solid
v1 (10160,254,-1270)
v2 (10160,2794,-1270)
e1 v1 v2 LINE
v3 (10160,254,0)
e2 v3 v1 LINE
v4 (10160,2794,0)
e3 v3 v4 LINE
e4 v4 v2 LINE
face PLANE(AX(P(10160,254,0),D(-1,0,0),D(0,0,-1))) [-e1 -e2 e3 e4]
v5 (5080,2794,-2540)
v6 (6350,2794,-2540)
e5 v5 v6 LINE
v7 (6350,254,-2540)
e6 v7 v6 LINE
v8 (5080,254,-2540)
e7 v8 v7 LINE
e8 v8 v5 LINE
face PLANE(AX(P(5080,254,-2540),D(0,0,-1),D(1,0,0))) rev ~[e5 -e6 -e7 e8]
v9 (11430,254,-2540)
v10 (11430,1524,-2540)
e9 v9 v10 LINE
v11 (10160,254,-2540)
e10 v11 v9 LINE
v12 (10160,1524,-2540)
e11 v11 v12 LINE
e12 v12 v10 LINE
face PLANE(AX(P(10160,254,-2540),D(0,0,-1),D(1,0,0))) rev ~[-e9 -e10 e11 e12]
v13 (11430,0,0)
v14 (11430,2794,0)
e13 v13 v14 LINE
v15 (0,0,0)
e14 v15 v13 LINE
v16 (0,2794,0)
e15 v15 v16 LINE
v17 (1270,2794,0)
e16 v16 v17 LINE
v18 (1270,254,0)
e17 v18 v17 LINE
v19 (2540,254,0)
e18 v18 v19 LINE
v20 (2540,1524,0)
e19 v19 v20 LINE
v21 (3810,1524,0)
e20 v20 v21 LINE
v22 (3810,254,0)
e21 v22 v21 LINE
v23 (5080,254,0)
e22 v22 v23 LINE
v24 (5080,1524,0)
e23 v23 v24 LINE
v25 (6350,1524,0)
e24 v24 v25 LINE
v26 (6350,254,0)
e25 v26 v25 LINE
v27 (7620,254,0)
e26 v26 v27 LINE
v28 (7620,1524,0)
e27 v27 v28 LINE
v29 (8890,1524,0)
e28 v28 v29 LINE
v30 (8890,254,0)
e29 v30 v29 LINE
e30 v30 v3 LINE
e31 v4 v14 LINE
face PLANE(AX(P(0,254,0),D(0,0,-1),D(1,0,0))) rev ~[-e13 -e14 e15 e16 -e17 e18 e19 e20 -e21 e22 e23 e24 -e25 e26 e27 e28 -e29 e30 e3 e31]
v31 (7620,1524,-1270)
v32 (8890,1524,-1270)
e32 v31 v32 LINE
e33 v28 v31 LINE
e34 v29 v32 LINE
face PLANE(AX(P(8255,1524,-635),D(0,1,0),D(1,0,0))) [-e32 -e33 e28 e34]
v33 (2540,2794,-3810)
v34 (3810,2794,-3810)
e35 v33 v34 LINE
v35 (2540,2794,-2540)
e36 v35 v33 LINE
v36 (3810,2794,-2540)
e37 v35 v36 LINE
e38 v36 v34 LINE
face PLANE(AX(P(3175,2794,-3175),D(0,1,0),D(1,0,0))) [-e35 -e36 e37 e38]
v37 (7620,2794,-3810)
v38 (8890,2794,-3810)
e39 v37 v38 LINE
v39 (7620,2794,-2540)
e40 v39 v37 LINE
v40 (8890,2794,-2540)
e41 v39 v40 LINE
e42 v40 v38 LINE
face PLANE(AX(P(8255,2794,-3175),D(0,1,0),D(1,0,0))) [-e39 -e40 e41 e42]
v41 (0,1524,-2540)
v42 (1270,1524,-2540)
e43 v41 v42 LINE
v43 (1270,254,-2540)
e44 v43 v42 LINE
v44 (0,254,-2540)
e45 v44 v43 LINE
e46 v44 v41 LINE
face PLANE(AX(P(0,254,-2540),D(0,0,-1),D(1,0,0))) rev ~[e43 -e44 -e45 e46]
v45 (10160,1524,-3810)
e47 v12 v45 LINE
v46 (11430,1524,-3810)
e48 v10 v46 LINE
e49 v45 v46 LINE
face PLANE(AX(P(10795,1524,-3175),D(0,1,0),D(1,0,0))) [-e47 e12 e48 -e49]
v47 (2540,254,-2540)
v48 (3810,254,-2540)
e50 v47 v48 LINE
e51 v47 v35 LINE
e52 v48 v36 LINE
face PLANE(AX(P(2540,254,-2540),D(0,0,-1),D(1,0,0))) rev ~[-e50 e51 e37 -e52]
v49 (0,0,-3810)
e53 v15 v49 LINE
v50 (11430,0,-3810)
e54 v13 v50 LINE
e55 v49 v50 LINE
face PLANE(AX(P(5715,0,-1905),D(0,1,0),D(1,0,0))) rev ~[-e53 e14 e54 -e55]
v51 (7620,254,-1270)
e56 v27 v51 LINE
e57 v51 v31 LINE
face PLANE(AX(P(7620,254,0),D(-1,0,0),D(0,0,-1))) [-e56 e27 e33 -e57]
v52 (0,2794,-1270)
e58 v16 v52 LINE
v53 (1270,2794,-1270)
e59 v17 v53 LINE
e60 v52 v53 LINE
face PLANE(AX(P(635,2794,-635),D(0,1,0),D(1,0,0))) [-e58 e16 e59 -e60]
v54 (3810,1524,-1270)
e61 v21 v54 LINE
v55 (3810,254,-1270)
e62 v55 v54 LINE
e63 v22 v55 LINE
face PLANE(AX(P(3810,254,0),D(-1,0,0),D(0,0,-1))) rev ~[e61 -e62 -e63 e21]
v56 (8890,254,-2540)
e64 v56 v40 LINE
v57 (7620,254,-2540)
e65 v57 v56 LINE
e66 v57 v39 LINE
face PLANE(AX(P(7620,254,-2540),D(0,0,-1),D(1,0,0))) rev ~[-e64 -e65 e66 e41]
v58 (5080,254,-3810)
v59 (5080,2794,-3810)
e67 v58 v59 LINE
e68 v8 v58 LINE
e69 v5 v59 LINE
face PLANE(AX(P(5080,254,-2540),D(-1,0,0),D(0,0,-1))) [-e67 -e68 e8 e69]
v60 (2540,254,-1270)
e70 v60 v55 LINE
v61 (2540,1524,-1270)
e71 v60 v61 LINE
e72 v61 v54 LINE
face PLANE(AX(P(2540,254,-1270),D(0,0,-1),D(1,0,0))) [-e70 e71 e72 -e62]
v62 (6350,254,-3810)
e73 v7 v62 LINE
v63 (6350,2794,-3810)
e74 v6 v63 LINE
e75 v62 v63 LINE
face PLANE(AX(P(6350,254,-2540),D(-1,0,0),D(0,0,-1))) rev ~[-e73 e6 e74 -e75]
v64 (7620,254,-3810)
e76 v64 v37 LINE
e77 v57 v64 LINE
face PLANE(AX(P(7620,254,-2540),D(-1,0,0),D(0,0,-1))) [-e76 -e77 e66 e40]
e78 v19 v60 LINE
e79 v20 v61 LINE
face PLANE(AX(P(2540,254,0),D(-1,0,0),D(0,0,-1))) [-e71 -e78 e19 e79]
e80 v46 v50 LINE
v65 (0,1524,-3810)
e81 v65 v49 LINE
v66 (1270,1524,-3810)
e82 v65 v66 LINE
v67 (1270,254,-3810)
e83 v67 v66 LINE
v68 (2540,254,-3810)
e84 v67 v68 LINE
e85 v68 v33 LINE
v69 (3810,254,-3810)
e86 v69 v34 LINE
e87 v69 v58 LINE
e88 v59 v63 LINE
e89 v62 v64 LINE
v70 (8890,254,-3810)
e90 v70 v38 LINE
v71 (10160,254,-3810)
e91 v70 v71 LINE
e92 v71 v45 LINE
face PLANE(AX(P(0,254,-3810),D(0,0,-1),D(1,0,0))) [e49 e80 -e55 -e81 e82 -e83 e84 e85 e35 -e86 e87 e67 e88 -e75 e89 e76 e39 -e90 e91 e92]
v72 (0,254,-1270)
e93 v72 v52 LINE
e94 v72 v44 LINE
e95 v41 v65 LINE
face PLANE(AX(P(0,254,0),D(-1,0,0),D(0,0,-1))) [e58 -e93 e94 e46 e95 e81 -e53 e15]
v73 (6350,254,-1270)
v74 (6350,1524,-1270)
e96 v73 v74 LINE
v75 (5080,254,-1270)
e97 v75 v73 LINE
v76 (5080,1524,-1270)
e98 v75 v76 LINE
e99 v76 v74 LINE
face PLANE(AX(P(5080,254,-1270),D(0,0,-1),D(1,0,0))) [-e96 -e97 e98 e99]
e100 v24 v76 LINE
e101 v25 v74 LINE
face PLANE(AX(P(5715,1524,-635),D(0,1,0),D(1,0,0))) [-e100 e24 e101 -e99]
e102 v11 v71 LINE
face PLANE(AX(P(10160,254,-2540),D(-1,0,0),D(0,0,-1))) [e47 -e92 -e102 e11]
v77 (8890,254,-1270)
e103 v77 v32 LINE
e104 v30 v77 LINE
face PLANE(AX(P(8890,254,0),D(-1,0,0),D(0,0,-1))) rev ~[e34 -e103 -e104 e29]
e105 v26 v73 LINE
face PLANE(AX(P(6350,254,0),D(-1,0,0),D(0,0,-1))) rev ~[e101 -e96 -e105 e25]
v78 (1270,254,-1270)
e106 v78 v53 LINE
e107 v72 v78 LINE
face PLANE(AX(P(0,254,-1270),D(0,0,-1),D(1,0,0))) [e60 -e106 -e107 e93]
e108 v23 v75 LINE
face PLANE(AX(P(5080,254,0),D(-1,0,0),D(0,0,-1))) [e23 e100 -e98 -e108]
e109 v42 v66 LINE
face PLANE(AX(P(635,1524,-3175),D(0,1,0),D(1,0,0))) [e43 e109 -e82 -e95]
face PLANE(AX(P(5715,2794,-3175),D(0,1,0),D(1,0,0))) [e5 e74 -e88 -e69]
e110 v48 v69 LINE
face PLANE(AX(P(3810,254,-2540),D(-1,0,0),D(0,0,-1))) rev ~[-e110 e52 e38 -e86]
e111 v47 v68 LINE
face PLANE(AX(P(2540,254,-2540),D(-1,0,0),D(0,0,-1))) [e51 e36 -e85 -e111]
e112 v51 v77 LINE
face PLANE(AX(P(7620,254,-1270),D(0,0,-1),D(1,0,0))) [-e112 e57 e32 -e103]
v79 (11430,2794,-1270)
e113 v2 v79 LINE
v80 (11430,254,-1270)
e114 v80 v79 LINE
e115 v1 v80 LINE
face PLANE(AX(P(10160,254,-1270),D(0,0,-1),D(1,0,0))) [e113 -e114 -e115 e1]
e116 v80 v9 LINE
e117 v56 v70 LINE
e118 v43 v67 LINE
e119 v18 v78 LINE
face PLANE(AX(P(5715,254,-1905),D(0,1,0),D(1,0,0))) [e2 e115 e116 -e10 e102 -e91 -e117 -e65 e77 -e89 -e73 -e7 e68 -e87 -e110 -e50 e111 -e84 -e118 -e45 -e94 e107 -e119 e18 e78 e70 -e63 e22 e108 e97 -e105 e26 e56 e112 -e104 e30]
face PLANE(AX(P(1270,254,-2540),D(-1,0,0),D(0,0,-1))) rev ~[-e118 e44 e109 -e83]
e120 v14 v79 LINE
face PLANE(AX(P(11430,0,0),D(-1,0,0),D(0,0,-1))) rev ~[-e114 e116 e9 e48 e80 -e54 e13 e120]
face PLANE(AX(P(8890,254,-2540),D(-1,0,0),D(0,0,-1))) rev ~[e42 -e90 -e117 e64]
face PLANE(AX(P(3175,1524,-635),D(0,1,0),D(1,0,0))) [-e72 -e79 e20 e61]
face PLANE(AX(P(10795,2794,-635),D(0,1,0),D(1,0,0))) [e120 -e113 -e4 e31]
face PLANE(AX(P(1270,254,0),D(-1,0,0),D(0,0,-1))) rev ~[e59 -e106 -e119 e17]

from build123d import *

# Parameters (mm, degrees)
SKETCH1_W           = 11430
SKETCH1_H           = 3810
BOSS_EXTRUDE2_DEPTH = 254
SKETCH2_W           = 1270
SKETCH2_H           = 1270
BOSS_EXTRUDE6_DEPTH = 1270
SKETCH2_5_W         = 1270
SKETCH2_5_H         = 1270
BOSS_EXTRUDE7_DEPTH = 2540


with BuildPart() as part:
    # Sketch1 → Boss-Extrude2 (new body)
    with BuildSketch(Plane(origin=(0, 0, 0), x_dir=(1, 0, 0), z_dir=(0, 1, 0))):
        with Locations((5715, 1905)):
            Rectangle(SKETCH1_W, SKETCH1_H)
    extrude(amount=BOSS_EXTRUDE2_DEPTH)

    # Sketch2 → Boss-Extrude6 (add)
    with BuildSketch(Plane(origin=(0, 254, 0), x_dir=(1, 0, 0), z_dir=(0, 1, 0))):
        with Locations((635, 3175)):
            Rectangle(SKETCH2_W, SKETCH2_H)
        with Locations((3175, 635)):
            Rectangle(SKETCH2_W, SKETCH2_H)
        with Locations((5715, 635)):
            Rectangle(SKETCH2_W, SKETCH2_H)
        with Locations((8255, 635)):
            Rectangle(SKETCH2_W, SKETCH2_H)
        with Locations((10795, 3175)):
            Rectangle(SKETCH2_W, SKETCH2_H)
    extrude(amount=BOSS_EXTRUDE6_DEPTH)

    # Sketch2<5> → Boss-Extrude7 (add)
    with BuildSketch(Plane(origin=(0, 254, 0), x_dir=(1, 0, 0), z_dir=(0, 1, 0))):
        with Locations((635, 635)):
            Rectangle(SKETCH2_5_W, SKETCH2_5_H)
        with Locations((3175, 3175)):
            Rectangle(SKETCH2_5_W, SKETCH2_5_H)
        with Locations((5715, 3175)):
            Rectangle(SKETCH2_5_W, SKETCH2_5_H)
        with Locations((8255, 3175)):
            Rectangle(SKETCH2_5_W, SKETCH2_5_H)
        with Locations((10795, 635)):
            Rectangle(SKETCH2_5_W, SKETCH2_5_H)
    extrude(amount=BOSS_EXTRUDE7_DEPTH)


solid = part.part
